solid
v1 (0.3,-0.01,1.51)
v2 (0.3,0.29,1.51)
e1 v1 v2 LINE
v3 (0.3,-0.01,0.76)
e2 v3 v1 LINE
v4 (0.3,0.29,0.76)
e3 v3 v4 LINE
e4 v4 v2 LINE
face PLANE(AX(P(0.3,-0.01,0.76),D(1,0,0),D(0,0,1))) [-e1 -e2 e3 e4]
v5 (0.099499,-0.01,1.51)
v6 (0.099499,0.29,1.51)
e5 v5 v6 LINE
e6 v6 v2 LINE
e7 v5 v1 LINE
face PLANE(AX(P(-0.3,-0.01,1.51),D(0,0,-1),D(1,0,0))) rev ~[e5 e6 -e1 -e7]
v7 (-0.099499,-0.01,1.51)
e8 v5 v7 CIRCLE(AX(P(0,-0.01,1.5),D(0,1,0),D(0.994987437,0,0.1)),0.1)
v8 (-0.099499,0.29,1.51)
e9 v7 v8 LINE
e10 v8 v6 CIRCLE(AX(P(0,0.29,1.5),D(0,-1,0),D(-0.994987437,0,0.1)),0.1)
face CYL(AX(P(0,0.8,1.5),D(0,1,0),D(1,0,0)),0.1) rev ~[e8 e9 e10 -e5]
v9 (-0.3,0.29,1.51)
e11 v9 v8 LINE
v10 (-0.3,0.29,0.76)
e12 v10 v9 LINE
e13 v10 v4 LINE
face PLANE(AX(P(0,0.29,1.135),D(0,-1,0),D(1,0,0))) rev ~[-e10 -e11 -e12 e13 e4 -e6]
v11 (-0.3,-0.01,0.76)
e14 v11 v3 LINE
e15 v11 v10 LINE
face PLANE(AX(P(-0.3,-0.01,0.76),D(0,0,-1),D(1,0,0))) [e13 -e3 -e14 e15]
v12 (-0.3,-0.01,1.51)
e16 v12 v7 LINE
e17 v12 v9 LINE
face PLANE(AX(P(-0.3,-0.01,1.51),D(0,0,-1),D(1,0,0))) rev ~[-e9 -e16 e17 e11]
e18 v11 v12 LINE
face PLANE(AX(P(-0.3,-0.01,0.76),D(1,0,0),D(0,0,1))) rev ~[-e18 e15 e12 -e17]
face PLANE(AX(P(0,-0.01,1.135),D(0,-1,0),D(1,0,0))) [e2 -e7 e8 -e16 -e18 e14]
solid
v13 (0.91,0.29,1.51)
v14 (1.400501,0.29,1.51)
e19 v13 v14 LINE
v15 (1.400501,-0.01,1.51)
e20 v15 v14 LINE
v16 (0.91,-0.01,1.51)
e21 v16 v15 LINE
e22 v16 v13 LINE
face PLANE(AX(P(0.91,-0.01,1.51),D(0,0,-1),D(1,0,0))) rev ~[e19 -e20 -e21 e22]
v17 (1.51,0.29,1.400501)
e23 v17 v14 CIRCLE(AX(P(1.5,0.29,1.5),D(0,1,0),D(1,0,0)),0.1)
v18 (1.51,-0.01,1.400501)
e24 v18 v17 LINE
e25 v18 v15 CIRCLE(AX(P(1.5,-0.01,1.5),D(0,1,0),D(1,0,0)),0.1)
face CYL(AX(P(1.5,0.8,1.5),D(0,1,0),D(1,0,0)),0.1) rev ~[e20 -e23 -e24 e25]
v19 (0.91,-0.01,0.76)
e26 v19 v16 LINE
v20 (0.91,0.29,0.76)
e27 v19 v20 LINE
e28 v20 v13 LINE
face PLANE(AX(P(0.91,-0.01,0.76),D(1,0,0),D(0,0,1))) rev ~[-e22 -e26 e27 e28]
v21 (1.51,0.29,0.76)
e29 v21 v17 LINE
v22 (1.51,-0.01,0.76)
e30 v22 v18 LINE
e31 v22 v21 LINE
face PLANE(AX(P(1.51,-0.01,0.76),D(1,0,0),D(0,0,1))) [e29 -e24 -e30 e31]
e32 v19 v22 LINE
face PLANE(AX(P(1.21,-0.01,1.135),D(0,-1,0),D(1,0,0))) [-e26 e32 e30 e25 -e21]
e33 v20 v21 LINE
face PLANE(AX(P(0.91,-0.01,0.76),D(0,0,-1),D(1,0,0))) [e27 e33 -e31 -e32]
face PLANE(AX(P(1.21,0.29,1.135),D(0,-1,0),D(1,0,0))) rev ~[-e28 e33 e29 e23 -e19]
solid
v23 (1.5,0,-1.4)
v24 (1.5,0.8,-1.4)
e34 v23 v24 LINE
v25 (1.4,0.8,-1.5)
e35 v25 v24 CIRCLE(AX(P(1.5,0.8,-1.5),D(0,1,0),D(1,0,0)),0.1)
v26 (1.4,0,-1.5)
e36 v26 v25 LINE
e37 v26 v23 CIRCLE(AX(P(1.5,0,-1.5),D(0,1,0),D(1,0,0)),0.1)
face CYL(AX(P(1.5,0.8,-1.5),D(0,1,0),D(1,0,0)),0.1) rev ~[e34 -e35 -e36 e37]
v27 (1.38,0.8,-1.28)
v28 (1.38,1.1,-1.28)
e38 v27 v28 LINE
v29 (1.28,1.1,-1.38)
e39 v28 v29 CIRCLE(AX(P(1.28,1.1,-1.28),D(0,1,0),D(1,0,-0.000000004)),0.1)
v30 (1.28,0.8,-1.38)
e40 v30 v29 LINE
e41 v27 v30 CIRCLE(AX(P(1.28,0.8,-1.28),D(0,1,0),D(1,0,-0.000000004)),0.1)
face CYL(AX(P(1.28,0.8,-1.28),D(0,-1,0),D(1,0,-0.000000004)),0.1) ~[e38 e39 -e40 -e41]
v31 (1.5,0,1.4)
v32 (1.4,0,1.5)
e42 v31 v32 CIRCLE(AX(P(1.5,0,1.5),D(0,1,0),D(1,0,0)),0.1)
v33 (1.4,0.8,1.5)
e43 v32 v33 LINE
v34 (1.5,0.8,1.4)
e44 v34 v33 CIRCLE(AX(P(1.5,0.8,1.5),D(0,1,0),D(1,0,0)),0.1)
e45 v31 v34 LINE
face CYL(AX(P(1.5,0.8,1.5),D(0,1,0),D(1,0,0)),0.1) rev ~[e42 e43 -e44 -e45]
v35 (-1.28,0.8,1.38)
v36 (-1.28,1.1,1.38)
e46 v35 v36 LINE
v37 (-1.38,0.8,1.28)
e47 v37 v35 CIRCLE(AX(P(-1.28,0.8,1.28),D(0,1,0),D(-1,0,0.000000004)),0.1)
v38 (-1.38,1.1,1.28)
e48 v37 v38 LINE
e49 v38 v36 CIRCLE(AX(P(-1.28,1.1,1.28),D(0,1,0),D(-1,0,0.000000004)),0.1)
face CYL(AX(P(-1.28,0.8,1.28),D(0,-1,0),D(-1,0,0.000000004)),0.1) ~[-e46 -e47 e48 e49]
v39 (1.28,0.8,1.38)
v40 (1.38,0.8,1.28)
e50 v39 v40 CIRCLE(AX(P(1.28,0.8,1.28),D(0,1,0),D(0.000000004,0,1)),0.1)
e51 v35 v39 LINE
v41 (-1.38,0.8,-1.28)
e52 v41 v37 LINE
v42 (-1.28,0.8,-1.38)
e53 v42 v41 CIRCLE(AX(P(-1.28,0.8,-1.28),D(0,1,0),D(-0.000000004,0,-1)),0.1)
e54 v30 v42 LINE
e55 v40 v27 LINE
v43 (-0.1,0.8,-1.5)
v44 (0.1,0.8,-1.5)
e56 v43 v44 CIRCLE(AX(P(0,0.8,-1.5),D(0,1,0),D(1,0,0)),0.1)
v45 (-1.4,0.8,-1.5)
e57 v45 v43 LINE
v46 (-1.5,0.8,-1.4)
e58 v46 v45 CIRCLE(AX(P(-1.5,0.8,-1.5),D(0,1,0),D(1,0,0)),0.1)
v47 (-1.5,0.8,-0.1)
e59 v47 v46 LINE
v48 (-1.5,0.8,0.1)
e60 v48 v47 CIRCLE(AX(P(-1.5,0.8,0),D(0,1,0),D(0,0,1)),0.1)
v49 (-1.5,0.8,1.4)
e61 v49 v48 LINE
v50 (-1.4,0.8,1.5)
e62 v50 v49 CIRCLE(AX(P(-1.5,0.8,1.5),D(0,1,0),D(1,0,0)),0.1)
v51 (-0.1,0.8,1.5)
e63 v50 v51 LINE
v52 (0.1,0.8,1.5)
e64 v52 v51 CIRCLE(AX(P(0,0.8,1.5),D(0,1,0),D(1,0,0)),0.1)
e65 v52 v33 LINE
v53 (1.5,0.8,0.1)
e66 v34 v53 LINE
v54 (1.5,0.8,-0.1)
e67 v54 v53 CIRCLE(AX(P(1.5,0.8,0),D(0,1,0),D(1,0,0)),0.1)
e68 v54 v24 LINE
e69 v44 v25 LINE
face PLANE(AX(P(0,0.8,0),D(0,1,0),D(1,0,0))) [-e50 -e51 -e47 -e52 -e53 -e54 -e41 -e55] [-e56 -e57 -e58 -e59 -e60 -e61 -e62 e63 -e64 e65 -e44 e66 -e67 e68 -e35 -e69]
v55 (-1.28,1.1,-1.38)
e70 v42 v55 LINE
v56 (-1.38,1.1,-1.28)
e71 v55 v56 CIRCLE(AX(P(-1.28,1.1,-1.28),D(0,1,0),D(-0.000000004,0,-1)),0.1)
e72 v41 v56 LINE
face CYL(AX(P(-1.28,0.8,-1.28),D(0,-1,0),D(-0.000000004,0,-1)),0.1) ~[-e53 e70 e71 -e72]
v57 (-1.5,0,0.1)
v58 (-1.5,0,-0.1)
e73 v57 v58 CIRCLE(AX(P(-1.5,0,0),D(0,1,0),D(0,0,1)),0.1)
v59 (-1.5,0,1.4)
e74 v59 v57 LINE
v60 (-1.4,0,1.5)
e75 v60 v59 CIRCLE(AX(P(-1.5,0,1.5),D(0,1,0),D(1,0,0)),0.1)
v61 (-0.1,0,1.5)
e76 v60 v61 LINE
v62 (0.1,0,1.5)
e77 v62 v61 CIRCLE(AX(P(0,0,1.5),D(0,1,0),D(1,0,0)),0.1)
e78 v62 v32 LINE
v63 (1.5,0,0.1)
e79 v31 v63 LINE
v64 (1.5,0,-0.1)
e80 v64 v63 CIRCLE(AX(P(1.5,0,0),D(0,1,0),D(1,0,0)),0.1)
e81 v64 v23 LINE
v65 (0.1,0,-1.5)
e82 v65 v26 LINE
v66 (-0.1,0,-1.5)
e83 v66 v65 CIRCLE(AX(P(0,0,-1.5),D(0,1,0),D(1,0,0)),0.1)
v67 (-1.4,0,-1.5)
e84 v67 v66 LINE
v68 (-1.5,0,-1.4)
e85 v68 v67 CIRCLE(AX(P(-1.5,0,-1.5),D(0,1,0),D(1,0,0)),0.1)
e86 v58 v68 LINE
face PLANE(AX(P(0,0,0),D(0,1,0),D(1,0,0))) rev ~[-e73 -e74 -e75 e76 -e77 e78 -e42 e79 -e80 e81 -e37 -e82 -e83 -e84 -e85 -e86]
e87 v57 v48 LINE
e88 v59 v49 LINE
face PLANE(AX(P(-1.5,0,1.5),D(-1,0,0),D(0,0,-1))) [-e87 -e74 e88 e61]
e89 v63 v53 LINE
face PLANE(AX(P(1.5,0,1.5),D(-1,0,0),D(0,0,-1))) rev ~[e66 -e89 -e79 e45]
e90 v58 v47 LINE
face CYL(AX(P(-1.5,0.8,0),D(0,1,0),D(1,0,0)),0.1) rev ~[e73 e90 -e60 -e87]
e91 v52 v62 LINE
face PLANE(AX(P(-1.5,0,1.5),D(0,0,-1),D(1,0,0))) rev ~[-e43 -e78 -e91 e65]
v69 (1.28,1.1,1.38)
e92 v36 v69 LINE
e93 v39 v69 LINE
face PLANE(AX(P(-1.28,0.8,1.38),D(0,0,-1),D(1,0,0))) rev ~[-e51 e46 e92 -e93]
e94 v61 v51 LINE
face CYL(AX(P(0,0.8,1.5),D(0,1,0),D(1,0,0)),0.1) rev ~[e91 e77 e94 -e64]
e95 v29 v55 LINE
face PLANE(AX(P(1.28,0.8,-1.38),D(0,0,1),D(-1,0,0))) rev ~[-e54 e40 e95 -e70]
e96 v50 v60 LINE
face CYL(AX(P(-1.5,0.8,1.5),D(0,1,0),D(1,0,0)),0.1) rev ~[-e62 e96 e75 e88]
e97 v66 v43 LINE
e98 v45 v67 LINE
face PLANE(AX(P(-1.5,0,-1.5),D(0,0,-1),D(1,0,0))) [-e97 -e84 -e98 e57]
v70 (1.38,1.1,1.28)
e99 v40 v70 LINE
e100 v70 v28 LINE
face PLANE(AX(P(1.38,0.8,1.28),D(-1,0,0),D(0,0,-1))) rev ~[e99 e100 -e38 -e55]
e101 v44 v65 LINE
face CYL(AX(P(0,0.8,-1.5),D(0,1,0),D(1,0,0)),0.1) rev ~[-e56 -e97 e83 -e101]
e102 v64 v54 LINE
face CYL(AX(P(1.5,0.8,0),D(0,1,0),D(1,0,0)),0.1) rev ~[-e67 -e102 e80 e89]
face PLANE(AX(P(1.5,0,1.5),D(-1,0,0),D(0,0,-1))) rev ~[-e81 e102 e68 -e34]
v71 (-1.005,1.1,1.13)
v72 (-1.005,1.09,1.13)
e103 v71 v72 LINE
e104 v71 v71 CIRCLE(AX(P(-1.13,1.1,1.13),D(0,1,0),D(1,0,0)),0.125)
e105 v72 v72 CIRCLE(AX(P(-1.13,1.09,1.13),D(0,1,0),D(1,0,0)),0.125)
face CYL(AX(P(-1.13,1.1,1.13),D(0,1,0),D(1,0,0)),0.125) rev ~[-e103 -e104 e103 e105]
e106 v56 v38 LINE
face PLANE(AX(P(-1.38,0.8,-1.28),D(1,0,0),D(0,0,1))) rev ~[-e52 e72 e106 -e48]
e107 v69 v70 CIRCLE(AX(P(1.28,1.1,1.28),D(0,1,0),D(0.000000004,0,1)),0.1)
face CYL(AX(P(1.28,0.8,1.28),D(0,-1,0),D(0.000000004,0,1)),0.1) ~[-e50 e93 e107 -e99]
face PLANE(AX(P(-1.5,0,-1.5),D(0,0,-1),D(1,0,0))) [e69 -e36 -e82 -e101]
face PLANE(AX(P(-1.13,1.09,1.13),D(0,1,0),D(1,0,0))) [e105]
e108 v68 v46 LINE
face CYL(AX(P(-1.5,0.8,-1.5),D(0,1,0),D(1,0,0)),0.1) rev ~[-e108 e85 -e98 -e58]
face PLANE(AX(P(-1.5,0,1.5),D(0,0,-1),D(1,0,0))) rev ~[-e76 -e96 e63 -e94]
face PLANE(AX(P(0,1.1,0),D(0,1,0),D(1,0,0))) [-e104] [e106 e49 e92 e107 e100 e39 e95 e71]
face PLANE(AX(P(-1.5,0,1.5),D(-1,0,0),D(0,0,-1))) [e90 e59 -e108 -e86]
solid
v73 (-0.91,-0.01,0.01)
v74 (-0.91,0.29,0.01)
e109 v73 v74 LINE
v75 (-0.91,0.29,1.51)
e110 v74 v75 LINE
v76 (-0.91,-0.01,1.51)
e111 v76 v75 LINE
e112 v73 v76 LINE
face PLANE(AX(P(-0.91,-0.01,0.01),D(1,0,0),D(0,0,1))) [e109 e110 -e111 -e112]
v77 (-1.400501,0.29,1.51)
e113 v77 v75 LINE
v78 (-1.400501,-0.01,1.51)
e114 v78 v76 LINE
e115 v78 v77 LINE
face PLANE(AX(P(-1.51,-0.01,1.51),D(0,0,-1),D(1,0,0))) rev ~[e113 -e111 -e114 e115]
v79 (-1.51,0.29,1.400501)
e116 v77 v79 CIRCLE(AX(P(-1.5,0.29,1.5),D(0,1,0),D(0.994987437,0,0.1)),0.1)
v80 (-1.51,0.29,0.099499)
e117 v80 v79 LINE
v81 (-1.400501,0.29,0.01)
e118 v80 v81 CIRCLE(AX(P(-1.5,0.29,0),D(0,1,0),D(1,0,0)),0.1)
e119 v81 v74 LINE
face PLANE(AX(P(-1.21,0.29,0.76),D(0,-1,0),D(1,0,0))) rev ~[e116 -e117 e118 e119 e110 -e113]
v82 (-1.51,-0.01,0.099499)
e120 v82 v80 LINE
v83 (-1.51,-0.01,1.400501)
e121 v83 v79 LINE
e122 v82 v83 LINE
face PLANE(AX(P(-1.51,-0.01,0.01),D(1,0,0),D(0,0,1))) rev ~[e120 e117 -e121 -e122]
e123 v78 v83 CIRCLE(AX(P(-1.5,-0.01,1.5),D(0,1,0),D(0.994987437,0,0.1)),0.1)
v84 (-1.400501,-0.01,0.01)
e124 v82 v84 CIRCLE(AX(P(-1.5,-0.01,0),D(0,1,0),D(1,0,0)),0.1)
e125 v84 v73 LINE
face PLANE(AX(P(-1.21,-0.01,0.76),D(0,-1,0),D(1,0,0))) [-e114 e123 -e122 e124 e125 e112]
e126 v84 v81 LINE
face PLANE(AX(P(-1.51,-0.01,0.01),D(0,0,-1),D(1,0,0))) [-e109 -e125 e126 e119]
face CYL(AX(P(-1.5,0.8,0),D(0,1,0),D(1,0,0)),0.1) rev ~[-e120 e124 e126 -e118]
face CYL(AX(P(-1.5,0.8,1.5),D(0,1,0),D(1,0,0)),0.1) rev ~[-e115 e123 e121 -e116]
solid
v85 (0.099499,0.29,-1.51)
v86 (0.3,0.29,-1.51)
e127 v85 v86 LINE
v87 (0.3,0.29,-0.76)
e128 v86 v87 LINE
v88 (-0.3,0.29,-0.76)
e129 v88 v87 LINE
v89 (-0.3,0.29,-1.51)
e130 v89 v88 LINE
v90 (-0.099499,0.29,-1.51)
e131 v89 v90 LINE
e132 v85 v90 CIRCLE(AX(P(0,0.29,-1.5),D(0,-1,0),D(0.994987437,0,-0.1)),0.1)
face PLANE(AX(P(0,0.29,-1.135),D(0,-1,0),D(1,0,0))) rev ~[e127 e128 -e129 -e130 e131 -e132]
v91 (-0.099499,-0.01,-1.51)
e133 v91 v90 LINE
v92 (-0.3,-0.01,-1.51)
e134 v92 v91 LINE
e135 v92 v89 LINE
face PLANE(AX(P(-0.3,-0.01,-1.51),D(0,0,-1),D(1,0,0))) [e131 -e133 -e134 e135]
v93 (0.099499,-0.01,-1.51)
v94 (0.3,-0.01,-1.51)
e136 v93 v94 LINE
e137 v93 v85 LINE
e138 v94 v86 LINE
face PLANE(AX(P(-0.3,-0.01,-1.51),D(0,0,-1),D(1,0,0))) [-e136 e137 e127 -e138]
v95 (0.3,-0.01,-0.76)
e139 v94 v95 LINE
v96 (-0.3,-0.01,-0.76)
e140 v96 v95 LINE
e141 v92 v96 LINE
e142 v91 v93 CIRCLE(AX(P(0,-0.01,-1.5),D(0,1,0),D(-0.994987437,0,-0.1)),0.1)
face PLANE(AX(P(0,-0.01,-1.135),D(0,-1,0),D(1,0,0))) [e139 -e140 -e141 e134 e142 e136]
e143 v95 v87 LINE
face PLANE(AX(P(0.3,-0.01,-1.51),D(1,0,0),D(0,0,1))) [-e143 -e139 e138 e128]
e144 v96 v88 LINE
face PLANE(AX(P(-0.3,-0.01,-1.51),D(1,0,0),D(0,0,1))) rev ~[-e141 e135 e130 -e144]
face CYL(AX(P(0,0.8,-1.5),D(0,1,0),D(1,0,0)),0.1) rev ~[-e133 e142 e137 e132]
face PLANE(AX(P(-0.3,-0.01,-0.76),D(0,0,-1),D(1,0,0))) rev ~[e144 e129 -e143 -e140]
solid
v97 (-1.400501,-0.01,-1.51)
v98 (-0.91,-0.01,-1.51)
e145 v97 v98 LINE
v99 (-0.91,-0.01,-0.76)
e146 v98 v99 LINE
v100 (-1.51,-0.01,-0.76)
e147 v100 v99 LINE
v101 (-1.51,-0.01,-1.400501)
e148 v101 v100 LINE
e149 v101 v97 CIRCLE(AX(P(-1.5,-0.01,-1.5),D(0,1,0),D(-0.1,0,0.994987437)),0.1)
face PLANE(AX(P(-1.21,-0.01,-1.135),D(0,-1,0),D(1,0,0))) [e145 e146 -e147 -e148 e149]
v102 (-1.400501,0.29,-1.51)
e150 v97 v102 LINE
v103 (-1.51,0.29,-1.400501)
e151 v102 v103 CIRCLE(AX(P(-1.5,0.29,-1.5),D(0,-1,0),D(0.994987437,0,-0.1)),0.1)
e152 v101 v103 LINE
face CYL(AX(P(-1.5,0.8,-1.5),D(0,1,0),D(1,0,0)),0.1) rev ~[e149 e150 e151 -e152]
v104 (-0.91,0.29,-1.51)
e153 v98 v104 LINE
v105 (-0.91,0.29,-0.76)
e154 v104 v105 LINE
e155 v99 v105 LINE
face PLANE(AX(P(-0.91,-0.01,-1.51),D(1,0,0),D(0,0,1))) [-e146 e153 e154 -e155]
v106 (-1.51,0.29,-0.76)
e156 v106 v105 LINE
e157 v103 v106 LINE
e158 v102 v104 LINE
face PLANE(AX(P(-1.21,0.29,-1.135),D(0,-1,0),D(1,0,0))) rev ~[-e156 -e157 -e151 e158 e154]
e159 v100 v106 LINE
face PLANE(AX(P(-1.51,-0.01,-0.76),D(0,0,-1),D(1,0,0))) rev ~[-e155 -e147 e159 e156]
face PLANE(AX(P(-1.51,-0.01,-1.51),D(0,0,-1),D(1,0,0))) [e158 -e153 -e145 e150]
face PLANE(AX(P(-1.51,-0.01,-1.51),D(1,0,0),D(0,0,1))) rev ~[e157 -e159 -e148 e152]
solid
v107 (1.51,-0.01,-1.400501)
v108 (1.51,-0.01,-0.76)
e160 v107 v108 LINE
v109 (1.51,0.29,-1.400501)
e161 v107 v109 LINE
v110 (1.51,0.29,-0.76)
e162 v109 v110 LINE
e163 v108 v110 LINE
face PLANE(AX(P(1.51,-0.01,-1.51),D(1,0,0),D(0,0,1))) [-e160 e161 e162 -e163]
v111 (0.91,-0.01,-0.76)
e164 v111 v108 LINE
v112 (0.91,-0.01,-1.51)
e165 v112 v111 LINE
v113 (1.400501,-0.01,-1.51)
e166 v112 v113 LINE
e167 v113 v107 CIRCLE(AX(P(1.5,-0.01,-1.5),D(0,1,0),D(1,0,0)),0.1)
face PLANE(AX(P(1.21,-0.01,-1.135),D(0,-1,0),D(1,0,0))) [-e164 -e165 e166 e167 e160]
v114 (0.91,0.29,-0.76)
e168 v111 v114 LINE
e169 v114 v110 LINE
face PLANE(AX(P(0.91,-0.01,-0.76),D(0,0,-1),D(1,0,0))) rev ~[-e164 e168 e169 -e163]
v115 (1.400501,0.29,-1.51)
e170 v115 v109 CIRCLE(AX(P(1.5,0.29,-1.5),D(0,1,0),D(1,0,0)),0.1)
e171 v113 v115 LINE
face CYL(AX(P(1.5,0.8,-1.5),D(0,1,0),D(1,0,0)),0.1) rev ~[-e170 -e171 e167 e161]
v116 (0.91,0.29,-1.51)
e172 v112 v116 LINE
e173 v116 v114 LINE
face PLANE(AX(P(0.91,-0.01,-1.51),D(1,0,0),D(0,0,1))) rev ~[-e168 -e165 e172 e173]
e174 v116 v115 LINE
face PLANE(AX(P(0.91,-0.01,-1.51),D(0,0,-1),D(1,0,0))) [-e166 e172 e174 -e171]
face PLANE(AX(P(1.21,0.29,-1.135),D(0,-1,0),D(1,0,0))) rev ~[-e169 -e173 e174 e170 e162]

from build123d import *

# Parameters (mm, degrees)
SKETCH2_W             = 3
SKETCH2_H             = 3
BOSS_EXTRUDE1_DEPTH   = 0.8
BOSS_EXTRUDE2_DEPTH   = 0.3
BOSS_EXTRUDE3_START   = 0.01
SKETCH5_W             = 0.6
SKETCH5_H             = 0.75
BOSS_EXTRUDE3_DEPTH   = 0.3
SKETCH5_H_2           = 1.5
BOSS_EXTRUDE3_2_DEPTH = 0.3
BOSS_EXTRUDE3_3_DEPTH = 0.3
BOSS_EXTRUDE3_4_DEPTH = 0.3
BOSS_EXTRUDE3_5_DEPTH = 0.3
BOSS_EXTRUDE3_6_DEPTH = 0.3
SKETCH3_R             = 0.1
CUT_EXTRUDE1_DEPTH    = 1.81
SKETCH6_R             = 0.125
CUT_EXTRUDE2_DEPTH    = 0.01


with BuildPart() as part:
    # Sketch2 → Boss-Extrude1 (new body)
    with BuildSketch(Plane(origin=(0, 0, 0), x_dir=(1, 0, 0), z_dir=(0, 1, 0))):
        Rectangle(SKETCH2_W, SKETCH2_H)
    extrude(amount=BOSS_EXTRUDE1_DEPTH)

    # Sketch4 → Boss-Extrude2 (add)
    with BuildSketch(Plane(origin=(0, 0.8, 0), x_dir=(1, 0, 0), z_dir=(0, 1, 0))):
        with BuildLine():
            Line((-1.28, -1.38), (1.28, -1.38))
            ThreePointArc((1.28, -1.38), (1.350710678, -1.350710678), (1.38, -1.28))
            Line((1.38, -1.28), (1.38, 1.28))
            ThreePointArc((1.38, 1.28), (1.350710678, 1.350710678), (1.28, 1.38))
            Line((1.28, 1.38), (-1.28, 1.38))
            ThreePointArc((-1.28, 1.38), (-1.350710678, 1.350710678), (-1.38, 1.28))
            Line((-1.38, 1.28), (-1.38, -1.28))
            ThreePointArc((-1.38, -1.28), (-1.350710678, -1.350710678), (-1.28, -1.38))
        make_face()
    extrude(amount=BOSS_EXTRUDE2_DEPTH)


with BuildPart() as body_2:
    # Sketch5 → Boss-Extrude3 (new body)
    with BuildSketch(Plane.XZ.offset(BOSS_EXTRUDE3_START)):
        with Locations((-1.21, -1.135)):
            Rectangle(SKETCH5_W, SKETCH5_H)
    extrude(amount=-BOSS_EXTRUDE3_DEPTH)


with BuildPart() as body_3:
    # Sketch5 → Boss-Extrude3 2 (new body)
    with BuildSketch(Plane.XZ.offset(BOSS_EXTRUDE3_START)):
        with Locations((-1.21, 0.76)):
            Rectangle(SKETCH5_W, SKETCH5_H_2)
    extrude(amount=-BOSS_EXTRUDE3_2_DEPTH)


with BuildPart() as body_4:
    # Sketch5 → Boss-Extrude3 3 (new body)
    with BuildSketch(Plane.XZ.offset(BOSS_EXTRUDE3_START)):
        with Locations((0, -1.135)):
            Rectangle(SKETCH5_W, SKETCH5_H)
    extrude(amount=-BOSS_EXTRUDE3_3_DEPTH)


with BuildPart() as body_5:
    # Sketch5 → Boss-Extrude3 4 (new body)
    with BuildSketch(Plane.XZ.offset(BOSS_EXTRUDE3_START)):
        with Locations((1.21, -1.135)):
            Rectangle(SKETCH5_W, SKETCH5_H)
    extrude(amount=-BOSS_EXTRUDE3_4_DEPTH)


with BuildPart() as body_6:
    # Sketch5 → Boss-Extrude3 5 (new body)
    with BuildSketch(Plane.XZ.offset(BOSS_EXTRUDE3_START)):
        with Locations((1.21, 1.135)):
            Rectangle(SKETCH5_W, SKETCH5_H)
    extrude(amount=-BOSS_EXTRUDE3_5_DEPTH)


with BuildPart() as body_7:
    # Sketch5 → Boss-Extrude3 6 (new body)
    with BuildSketch(Plane.XZ.offset(BOSS_EXTRUDE3_START)):
        with Locations((0, 1.135)):
            Rectangle(SKETCH5_W, SKETCH5_H)
    extrude(amount=-BOSS_EXTRUDE3_6_DEPTH)


with BuildPart() as cut_extrude1_tool:
    # Sketch3 → Cut-Extrude1 (new body, through all)
    with BuildSketch(Plane(origin=(0, 0.8, 0), x_dir=(1, 0, 0), z_dir=(0, 1, 0))):
        with Locations((-1.5, 1.5)):
            Circle(SKETCH3_R)
        with Locations((0, 1.5)):
            Circle(SKETCH3_R)
        with Locations((1.5, 1.5)):
            Circle(SKETCH3_R)
        with Locations((-1.5, 0)):
            Circle(SKETCH3_R)
        with Locations((1.5, 0)):
            Circle(SKETCH3_R)
        with Locations((1.5, -1.5)):
            Circle(SKETCH3_R)
        with Locations((0, -1.5)):
            Circle(SKETCH3_R)
        with Locations((-1.5, -1.5)):
            Circle(SKETCH3_R)
    extrude(amount=-CUT_EXTRUDE1_DEPTH)


with BuildPart() as part_1:
    add(part.part)

    # Cut-Extrude1: cut by cut_extrude1_tool
    add(cut_extrude1_tool.part, mode=Mode.SUBTRACT)

    # Sketch6 → Cut-Extrude2 (cut)
    with BuildSketch(Plane(origin=(0, 1.1, 0), x_dir=(1, 0, 0), z_dir=(0, 1, 0))):
        with Locations((-1.13, -1.13)):
            Circle(SKETCH6_R)
    extrude(amount=-CUT_EXTRUDE2_DEPTH, mode=Mode.SUBTRACT)


with BuildPart() as body_2_1:
    add(body_2.part)

    # Cut-Extrude1: cut by cut_extrude1_tool
    add(cut_extrude1_tool.part, mode=Mode.SUBTRACT)


with BuildPart() as body_3_1:
    add(body_3.part)

    # Cut-Extrude1: cut by cut_extrude1_tool
    add(cut_extrude1_tool.part, mode=Mode.SUBTRACT)


with BuildPart() as body_4_1:
    add(body_4.part)

    # Cut-Extrude1: cut by cut_extrude1_tool
    add(cut_extrude1_tool.part, mode=Mode.SUBTRACT)


with BuildPart() as body_5_1:
    add(body_5.part)

    # Cut-Extrude1: cut by cut_extrude1_tool
    add(cut_extrude1_tool.part, mode=Mode.SUBTRACT)


with BuildPart() as body_6_1:
    add(body_6.part)

    # Cut-Extrude1: cut by cut_extrude1_tool
    add(cut_extrude1_tool.part, mode=Mode.SUBTRACT)


with BuildPart() as body_7_1:
    add(body_7.part)

    # Cut-Extrude1: cut by cut_extrude1_tool
    add(cut_extrude1_tool.part, mode=Mode.SUBTRACT)


solid = Compound([part_1.part, body_2_1.part, body_3_1.part, body_4_1.part, body_5_1.part, body_6_1.part, body_7_1.part])
